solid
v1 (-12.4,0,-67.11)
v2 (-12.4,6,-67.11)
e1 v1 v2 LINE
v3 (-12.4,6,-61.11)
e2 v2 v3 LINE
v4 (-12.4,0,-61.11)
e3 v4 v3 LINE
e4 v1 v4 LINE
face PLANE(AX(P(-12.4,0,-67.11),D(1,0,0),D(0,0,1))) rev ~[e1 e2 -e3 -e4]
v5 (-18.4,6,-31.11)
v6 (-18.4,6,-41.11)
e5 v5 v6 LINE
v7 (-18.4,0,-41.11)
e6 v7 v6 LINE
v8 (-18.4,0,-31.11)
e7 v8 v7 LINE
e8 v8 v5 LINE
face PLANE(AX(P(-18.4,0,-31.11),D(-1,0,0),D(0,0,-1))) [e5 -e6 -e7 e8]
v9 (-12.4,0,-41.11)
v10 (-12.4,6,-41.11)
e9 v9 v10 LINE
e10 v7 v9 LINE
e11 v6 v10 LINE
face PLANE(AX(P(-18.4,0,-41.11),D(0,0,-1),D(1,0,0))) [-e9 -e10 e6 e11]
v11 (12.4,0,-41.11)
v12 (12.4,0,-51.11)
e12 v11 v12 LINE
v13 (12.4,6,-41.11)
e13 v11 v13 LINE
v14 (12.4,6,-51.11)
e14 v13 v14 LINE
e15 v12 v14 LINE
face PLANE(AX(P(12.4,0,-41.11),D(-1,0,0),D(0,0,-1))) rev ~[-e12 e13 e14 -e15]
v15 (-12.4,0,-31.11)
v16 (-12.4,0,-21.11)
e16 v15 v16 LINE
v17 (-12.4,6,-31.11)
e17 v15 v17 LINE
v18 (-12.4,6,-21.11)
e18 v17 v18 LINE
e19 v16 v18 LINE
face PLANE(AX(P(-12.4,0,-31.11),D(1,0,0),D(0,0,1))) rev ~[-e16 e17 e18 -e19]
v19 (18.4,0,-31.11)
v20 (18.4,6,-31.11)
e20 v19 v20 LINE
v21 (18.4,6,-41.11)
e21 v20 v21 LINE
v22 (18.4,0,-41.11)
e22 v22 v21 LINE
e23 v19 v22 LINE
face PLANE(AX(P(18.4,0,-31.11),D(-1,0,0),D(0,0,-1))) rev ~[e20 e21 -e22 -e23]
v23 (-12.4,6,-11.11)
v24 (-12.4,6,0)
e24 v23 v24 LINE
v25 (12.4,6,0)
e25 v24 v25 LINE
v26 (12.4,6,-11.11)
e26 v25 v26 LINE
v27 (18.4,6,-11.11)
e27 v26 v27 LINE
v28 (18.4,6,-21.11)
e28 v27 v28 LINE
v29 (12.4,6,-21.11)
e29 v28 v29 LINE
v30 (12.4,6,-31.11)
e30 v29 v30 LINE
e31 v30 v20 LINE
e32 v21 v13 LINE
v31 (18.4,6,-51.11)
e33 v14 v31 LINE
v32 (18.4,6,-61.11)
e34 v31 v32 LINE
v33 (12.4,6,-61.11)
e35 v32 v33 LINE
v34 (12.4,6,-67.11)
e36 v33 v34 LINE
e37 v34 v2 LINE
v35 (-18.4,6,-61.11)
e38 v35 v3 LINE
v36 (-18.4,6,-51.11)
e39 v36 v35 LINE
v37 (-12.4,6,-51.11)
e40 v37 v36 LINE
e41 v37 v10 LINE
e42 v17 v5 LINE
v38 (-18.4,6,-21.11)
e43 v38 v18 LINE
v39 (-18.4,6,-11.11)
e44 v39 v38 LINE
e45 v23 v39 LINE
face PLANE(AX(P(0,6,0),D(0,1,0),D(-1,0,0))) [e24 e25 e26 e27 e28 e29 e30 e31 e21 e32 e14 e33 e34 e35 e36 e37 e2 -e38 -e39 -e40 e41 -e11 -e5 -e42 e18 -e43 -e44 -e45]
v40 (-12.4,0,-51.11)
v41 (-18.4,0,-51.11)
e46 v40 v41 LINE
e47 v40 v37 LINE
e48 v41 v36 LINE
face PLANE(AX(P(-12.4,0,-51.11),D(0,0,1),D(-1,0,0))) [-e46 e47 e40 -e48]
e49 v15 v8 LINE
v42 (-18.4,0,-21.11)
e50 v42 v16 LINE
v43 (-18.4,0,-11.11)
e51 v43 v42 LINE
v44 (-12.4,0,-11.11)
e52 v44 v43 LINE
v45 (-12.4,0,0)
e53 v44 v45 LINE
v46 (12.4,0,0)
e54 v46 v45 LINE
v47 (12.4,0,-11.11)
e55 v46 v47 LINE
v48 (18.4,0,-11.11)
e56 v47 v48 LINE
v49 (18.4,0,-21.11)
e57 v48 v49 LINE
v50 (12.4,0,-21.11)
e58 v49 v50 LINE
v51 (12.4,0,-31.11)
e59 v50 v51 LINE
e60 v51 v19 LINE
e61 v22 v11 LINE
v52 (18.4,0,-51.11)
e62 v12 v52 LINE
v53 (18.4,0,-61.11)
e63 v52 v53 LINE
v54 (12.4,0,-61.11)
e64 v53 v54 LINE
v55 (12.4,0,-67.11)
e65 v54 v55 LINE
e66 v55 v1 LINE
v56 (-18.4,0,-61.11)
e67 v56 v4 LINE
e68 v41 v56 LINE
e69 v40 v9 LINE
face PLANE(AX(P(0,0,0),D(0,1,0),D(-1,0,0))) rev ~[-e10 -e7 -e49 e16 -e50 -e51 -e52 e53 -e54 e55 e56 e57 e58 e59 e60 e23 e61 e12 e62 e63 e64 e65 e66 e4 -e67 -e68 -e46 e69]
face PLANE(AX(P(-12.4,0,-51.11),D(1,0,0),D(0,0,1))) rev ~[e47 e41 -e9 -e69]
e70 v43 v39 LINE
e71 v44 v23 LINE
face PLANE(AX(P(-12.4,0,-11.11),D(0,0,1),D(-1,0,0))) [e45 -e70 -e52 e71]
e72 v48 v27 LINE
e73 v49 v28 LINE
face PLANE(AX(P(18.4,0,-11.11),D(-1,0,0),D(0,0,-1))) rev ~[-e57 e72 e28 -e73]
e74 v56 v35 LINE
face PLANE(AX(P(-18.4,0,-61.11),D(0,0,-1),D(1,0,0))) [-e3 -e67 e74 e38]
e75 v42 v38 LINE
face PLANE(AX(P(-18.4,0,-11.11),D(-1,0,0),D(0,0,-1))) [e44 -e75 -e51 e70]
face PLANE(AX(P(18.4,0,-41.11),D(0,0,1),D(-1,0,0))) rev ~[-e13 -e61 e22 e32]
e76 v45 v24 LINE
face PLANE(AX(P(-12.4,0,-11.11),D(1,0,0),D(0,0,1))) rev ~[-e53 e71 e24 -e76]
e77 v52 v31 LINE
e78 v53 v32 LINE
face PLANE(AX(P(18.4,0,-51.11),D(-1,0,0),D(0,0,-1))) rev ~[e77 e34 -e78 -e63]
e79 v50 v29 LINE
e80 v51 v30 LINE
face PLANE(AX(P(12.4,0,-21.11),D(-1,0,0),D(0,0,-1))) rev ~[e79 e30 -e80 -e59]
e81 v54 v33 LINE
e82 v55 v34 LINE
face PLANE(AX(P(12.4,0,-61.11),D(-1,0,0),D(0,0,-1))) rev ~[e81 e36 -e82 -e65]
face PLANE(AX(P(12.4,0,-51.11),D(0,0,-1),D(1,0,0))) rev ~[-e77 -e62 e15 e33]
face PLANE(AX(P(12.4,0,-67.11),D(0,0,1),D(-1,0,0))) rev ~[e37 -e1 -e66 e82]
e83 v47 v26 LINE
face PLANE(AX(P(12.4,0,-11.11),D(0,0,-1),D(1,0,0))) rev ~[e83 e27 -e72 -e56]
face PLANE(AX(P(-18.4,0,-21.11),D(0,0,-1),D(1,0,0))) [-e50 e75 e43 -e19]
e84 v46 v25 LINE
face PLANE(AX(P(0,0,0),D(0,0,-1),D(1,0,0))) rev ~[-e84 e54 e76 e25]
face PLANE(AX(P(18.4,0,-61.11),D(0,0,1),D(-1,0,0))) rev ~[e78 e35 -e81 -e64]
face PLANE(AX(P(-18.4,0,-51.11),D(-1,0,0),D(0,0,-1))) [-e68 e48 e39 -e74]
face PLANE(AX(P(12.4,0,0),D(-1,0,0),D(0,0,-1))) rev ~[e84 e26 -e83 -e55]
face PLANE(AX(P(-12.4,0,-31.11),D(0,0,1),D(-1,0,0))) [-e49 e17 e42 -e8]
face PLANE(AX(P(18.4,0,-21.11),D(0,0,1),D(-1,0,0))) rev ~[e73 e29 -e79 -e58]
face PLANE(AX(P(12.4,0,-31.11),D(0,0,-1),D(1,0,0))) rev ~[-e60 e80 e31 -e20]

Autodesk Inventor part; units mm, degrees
ref_plane "YZ Plane" through (0, 0, 0) normal (1, 0, 0) x (0, 1, 0)
ref_plane "XZ Plane" through (0, 0, 0) normal (0, 1, 0) x (-1, 0, 0)
ref_plane "XY Plane" through (0, 0, 0) normal (0, 0, 1) x (1, 0, 0)
sketch "Sketch2" plane through (0, 0, 0) normal (0, 1, 0) x (-1, 0, 0)
  line L0 (18.4, -61.11) -> (12.4, -61.11)
  line L1 (12.4, -61.11) -> (12.4, -51.11)
  line L2 (12.4, -51.11) -> (18.4, -51.11)
  line L3 (18.4, -51.11) -> (18.4, -61.11)
  line L4 (18.4, -41.11) -> (12.4, -41.11)
  line L5 (18.4, -31.11) -> (18.4, -41.11)
  line L6 (12.4, -31.11) -> (18.4, -31.11)
  line L7 (12.4, -41.11) -> (12.4, -31.11)
  line L8 (18.4, -21.11) -> (12.4, -21.11)
  line L9 (18.4, -11.11) -> (18.4, -21.11)
  line L10 (12.4, -11.11) -> (18.4, -11.11)
  line L11 (12.4, -21.11) -> (12.4, -11.11)
  line L12 (12.4, 0) -> (-12.4, 0)
  line L13 (-12.4, 0) -> (-12.4, -67.11)
  line L14 (-12.4, -67.11) -> (12.4, -67.11)
  line L15 (12.4, -67.11) -> (12.4, 0)
  line L16 (0, 0) -> (0, -20.0002)
  line L17 (-18.4, -61.11) -> (-12.4, -61.11)
  line L18 (-12.4, -61.11) -> (-12.4, -51.11)
  line L19 (-12.4, -51.11) -> (-18.4, -51.11)
  line L20 (-18.4, -51.11) -> (-18.4, -61.11)
  line L21 (-18.4, -41.11) -> (-12.4, -41.11)
  line L22 (-18.4, -31.11) -> (-18.4, -41.11)
  line L23 (-12.4, -31.11) -> (-18.4, -31.11)
  line L24 (-12.4, -41.11) -> (-12.4, -31.11)
  line L25 (-18.4, -21.11) -> (-12.4, -21.11)
  line L26 (-18.4, -11.11) -> (-18.4, -21.11)
  line L27 (-12.4, -11.11) -> (-18.4, -11.11)
  line L28 (-12.4, -21.11) -> (-12.4, -11.11)
  point P0 (-12.4, -20.0002)
  point P1 (-18.4, -10)
  dimension "d57" = 6
  dimension "d58" = 10
  dimension "d61" = 20
  dimension "d68" = 24.8
  dimension "d69" = 11.11
  dimension "d70" = 6
extrude "Extrusion2" add sketch "Sketch2" along normal blind 6
properties part number "phone_holder_slider_center" material "Acrylic, Clear"
